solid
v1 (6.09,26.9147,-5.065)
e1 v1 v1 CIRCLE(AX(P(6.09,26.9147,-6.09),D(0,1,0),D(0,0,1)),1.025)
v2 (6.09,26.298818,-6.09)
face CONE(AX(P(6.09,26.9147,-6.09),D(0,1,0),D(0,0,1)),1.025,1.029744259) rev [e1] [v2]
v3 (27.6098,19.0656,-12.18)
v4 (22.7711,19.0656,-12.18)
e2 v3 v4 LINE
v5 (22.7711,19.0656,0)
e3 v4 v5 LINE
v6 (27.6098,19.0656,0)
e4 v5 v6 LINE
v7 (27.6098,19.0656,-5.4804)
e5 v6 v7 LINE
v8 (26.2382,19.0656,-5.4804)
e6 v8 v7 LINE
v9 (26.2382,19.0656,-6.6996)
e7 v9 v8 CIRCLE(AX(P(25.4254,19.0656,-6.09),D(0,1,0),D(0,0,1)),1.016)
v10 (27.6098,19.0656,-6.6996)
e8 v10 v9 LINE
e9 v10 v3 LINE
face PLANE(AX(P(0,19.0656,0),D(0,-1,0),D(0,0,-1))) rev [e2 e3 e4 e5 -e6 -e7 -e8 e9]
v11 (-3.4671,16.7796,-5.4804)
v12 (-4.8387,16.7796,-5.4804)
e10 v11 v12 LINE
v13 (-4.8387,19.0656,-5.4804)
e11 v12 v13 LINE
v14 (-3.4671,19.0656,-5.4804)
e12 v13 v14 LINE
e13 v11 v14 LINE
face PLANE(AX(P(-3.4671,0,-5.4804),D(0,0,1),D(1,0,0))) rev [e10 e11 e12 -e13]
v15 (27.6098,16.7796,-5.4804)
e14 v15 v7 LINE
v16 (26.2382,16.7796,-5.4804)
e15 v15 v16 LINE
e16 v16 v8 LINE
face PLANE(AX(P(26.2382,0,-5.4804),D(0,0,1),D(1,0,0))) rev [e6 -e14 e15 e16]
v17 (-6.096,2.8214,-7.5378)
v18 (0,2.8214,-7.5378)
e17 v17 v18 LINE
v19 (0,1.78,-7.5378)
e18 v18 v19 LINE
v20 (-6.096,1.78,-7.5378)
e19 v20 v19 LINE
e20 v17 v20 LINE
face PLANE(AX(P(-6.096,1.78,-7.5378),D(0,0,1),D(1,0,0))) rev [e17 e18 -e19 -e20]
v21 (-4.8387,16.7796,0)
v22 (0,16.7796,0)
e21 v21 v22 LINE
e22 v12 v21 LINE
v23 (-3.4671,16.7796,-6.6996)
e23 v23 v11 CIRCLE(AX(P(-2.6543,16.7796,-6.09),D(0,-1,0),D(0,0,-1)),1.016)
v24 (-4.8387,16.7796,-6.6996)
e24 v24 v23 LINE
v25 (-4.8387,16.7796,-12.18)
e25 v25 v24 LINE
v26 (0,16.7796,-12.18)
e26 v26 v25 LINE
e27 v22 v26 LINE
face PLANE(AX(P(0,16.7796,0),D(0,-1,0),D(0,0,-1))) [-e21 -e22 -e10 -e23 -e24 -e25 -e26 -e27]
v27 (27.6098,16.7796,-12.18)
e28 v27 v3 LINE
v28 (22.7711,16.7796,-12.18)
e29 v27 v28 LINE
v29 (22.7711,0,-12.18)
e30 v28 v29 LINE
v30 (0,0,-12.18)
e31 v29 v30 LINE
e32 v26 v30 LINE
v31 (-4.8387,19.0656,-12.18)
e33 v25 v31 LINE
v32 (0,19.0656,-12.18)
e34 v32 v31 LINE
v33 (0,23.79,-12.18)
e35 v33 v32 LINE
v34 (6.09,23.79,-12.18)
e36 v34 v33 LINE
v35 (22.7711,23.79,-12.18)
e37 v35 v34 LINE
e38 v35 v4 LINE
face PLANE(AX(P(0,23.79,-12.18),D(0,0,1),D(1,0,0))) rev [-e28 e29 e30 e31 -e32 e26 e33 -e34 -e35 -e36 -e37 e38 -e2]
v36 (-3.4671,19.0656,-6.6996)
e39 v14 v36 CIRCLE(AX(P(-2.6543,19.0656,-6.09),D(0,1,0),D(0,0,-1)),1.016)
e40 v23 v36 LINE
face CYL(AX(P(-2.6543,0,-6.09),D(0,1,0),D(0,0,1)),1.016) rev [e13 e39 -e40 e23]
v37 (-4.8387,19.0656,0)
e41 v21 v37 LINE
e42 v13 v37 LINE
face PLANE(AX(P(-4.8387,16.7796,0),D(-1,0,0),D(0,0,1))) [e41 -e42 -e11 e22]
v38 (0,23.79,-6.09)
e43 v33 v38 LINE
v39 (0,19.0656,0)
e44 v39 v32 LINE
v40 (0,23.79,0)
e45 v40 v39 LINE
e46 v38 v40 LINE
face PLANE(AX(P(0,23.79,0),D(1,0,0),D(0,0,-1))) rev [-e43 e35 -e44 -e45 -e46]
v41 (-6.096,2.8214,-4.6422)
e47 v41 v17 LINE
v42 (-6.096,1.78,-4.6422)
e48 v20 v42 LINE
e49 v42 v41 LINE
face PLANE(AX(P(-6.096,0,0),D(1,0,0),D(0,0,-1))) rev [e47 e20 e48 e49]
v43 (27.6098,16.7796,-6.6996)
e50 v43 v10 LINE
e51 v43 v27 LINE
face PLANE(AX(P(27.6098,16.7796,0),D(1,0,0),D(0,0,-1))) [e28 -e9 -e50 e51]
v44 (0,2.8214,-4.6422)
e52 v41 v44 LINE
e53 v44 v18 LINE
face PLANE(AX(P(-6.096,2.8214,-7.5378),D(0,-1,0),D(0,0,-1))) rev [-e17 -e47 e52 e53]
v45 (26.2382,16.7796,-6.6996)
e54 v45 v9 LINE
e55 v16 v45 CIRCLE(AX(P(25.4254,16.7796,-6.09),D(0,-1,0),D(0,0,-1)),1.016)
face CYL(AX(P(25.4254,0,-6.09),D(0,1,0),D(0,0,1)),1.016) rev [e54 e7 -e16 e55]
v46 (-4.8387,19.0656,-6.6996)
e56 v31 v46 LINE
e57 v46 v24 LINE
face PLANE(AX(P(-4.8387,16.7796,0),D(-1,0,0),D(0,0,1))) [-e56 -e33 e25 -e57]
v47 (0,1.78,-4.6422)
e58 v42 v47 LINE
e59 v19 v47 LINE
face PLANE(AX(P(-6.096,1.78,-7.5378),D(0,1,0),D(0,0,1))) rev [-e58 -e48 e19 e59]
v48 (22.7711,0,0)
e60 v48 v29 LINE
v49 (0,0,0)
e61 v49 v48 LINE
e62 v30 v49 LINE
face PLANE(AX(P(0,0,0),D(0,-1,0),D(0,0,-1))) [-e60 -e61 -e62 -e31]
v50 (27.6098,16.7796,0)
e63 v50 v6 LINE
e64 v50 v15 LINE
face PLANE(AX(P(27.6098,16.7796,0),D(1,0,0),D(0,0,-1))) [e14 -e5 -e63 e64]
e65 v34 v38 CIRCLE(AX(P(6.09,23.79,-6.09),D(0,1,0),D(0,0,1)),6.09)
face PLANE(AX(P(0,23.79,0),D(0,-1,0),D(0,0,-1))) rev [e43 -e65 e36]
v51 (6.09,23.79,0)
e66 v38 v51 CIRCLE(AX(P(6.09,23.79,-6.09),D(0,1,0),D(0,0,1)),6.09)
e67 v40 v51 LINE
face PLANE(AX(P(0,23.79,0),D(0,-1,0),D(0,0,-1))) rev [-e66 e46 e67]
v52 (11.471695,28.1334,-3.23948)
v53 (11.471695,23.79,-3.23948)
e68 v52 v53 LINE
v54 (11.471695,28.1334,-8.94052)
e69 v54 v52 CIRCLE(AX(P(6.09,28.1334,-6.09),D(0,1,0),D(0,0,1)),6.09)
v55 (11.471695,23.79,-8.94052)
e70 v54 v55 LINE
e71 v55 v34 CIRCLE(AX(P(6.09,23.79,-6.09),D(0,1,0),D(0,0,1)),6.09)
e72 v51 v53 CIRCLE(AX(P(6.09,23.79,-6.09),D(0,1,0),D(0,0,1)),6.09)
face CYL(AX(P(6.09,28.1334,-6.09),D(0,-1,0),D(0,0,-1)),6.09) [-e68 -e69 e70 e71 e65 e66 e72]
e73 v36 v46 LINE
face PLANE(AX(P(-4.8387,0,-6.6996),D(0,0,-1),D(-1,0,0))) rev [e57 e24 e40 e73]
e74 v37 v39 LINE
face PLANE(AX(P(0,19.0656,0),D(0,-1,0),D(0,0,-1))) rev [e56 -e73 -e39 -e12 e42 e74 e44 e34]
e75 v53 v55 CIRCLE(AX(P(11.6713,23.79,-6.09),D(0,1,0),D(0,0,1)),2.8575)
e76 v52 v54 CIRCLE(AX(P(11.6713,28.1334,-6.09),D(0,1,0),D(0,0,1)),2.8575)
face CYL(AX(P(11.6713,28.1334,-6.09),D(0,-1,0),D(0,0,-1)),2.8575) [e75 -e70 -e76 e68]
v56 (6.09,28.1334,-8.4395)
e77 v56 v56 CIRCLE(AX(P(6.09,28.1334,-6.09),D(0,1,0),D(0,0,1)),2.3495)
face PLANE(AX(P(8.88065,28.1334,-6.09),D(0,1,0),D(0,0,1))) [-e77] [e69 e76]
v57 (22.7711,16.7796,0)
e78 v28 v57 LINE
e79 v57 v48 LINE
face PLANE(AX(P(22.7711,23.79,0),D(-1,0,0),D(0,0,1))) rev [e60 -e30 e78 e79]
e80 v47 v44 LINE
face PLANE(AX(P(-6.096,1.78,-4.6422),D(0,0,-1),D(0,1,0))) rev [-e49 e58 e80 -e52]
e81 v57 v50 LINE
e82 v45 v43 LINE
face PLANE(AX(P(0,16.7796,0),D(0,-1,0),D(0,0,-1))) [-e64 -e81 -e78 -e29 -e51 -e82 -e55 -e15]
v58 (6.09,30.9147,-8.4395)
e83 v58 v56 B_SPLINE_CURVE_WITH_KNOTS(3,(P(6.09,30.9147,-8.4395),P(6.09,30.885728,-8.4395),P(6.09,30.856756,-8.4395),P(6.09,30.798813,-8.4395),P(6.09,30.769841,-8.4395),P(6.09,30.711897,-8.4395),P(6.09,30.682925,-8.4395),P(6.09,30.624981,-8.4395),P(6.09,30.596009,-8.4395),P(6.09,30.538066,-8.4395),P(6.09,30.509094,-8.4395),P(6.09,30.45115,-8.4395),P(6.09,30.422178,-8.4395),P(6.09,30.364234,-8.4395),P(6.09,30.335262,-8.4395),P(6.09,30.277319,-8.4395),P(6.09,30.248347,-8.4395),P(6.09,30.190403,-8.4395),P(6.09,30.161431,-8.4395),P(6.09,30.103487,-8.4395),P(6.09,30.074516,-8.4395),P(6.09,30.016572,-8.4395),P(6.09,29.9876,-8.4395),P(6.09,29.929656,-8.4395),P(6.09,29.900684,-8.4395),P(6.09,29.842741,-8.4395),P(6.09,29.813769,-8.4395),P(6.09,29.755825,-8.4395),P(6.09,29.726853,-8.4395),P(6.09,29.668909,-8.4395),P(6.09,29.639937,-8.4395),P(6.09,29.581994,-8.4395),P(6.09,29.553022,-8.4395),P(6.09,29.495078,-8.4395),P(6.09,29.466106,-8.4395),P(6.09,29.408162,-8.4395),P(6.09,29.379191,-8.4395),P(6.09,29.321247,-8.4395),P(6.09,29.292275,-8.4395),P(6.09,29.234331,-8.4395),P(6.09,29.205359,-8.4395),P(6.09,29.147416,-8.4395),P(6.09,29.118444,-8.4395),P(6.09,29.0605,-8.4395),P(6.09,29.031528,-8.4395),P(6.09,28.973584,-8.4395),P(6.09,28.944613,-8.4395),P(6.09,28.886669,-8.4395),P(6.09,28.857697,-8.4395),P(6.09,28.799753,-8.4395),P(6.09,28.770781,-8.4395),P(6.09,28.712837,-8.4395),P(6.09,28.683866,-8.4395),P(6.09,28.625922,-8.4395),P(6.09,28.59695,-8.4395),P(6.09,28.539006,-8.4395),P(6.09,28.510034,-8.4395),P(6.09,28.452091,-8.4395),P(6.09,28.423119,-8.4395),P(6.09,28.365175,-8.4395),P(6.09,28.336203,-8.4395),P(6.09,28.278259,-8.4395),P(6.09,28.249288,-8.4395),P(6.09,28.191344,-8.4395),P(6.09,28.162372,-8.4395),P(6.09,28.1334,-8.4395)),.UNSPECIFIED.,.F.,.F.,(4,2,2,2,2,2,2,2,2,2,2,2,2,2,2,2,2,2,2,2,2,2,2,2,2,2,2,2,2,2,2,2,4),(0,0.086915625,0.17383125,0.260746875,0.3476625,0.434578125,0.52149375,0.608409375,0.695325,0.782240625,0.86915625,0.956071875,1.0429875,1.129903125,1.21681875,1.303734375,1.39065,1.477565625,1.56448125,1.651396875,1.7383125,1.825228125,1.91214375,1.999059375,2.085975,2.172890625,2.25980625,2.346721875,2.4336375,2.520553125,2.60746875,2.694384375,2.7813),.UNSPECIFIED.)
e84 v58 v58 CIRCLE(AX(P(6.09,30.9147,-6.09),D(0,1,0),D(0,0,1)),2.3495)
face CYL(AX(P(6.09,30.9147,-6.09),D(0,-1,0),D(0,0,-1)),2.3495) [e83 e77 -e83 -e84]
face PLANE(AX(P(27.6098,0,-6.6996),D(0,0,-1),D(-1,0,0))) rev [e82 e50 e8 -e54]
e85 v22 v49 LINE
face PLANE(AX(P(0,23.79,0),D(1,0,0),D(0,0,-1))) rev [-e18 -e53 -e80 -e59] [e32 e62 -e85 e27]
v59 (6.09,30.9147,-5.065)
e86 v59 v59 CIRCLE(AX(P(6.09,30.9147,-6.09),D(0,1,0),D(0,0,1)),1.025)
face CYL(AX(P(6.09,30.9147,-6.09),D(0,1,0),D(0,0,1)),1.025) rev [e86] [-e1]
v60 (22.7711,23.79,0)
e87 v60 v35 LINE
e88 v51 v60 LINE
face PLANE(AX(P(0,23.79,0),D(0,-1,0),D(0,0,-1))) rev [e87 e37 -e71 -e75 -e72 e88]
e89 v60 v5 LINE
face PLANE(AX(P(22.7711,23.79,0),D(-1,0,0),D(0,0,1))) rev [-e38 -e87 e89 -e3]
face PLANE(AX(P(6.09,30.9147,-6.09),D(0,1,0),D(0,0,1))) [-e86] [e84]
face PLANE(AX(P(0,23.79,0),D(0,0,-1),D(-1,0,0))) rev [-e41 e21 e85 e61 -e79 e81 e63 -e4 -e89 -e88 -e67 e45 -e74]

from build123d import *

# Parameters (mm, degrees)
SKETCH1_W                    = 22.7711
SKETCH1_H                    = 12.18
BOSS_EXTRUDE1_DEPTH          = 23.79
SKETCH3_W                    = 32.4485
SKETCH3_H                    = 12.18
BOSS_EXTRUDE2_DEPTH          = 2.286
CUT_EXTRUDE1_DEPTH           = 36.695245613
BOSS_EXTRUDE3_DEPTH          = 4.3434
SKETCH6_R                    = 2.3495
BOSS_EXTRUDE4_DEPTH          = 2.7813
SKETCH7_W                    = 2.8956
SKETCH7_H                    = 1.0414
BOSS_EXTRUDE5_DEPTH          = 6.096
M2_5X0_45_TAPPED_HOLE1_D     = 2.05
M2_5X0_45_TAPPED_HOLE1_DEPTH = 4
M2_5X0_45_TAPPED_HOLE1_TIP   = 0.615882135


with BuildPart() as part:
    # Sketch1 → Boss-Extrude1 (new body)
    with BuildSketch(Plane(origin=(0, 0, 0), x_dir=(1, 0, 0), z_dir=(0, 1, 0))):
        with Locations((11.38555, 6.09)):
            Rectangle(SKETCH1_W, SKETCH1_H)
    extrude(amount=BOSS_EXTRUDE1_DEPTH)

    # Sketch3 → Boss-Extrude2 (add)
    with BuildSketch(Plane(origin=(0, 19.0656, 0), x_dir=(1, 0, 0), z_dir=(0, 1, 0))):
        with Locations((11.38555, 6.09)):
            Rectangle(SKETCH3_W, SKETCH3_H)
    extrude(amount=-BOSS_EXTRUDE2_DEPTH)

    # Sketch4 → Cut-Extrude1 (cut, through all)
    with BuildSketch(Plane(origin=(0, 19.0656, 0), x_dir=(1, 0, 0), z_dir=(0, 1, 0))):
        with BuildLine():
            Line((-4.8387, 6.6996), (-3.4671, 6.6996))
            ThreePointArc((-3.4671, 6.6996), (-1.6383, 6.09), (-3.4671, 5.4804))
            Line((-3.4671, 5.4804), (-4.8387, 5.4804))
            Line((-4.8387, 5.4804), (-4.8387, 6.6996))
        make_face()
        with BuildLine():
            Line((26.2382, 5.4804), (27.6098, 5.4804))
            Line((27.6098, 5.4804), (27.6098, 6.6996))
            Line((27.6098, 6.6996), (26.2382, 6.6996))
            ThreePointArc((26.2382, 6.6996), (24.4094, 6.09), (26.2382, 5.4804))
        make_face()
    extrude(amount=-CUT_EXTRUDE1_DEPTH, mode=Mode.SUBTRACT)

    # Sketch5 → Boss-Extrude3 (add)
    with BuildSketch(Plane(origin=(0, 23.79, 0), x_dir=(1, 0, 0), z_dir=(0, 1, 0))):
        with BuildLine():
            ThreePointArc((11.471694537, 8.940519937), (0, 6.09), (11.471694537, 3.239480063))
            ThreePointArc((11.471694537, 3.239480063), (14.5288, 6.09), (11.471694537, 8.940519937))
        make_face()
    extrude(amount=BOSS_EXTRUDE3_DEPTH)

    # Sketch6 → Boss-Extrude4 (add)
    with BuildSketch(Plane(origin=(0, 28.1334, 0), x_dir=(1, 0, 0), z_dir=(0, 1, 0))):
        with Locations((6.09, 6.09)):
            Circle(SKETCH6_R)
    extrude(amount=BOSS_EXTRUDE4_DEPTH)

    # Sketch7 → Boss-Extrude5 (add)
    with BuildSketch(Plane.ZY):
        with Locations((-6.09, 2.3007)):
            Rectangle(SKETCH7_W, SKETCH7_H)
    extrude(amount=BOSS_EXTRUDE5_DEPTH)

    # M2.5x0.45 Tapped Hole1
    with Locations(Plane(origin=(0, 30.9147, 0), x_dir=(1, 0, 0), z_dir=(0, 1, 0))):
        with Locations((6.09, 6.09)):
            Hole(M2_5X0_45_TAPPED_HOLE1_D / 2, depth=M2_5X0_45_TAPPED_HOLE1_DEPTH)
            with Locations((0, 0, -(M2_5X0_45_TAPPED_HOLE1_DEPTH + M2_5X0_45_TAPPED_HOLE1_TIP / 2))):  # 118° drill point
                Cone(0, M2_5X0_45_TAPPED_HOLE1_D / 2, M2_5X0_45_TAPPED_HOLE1_TIP, mode=Mode.SUBTRACT)


solid = part.part
